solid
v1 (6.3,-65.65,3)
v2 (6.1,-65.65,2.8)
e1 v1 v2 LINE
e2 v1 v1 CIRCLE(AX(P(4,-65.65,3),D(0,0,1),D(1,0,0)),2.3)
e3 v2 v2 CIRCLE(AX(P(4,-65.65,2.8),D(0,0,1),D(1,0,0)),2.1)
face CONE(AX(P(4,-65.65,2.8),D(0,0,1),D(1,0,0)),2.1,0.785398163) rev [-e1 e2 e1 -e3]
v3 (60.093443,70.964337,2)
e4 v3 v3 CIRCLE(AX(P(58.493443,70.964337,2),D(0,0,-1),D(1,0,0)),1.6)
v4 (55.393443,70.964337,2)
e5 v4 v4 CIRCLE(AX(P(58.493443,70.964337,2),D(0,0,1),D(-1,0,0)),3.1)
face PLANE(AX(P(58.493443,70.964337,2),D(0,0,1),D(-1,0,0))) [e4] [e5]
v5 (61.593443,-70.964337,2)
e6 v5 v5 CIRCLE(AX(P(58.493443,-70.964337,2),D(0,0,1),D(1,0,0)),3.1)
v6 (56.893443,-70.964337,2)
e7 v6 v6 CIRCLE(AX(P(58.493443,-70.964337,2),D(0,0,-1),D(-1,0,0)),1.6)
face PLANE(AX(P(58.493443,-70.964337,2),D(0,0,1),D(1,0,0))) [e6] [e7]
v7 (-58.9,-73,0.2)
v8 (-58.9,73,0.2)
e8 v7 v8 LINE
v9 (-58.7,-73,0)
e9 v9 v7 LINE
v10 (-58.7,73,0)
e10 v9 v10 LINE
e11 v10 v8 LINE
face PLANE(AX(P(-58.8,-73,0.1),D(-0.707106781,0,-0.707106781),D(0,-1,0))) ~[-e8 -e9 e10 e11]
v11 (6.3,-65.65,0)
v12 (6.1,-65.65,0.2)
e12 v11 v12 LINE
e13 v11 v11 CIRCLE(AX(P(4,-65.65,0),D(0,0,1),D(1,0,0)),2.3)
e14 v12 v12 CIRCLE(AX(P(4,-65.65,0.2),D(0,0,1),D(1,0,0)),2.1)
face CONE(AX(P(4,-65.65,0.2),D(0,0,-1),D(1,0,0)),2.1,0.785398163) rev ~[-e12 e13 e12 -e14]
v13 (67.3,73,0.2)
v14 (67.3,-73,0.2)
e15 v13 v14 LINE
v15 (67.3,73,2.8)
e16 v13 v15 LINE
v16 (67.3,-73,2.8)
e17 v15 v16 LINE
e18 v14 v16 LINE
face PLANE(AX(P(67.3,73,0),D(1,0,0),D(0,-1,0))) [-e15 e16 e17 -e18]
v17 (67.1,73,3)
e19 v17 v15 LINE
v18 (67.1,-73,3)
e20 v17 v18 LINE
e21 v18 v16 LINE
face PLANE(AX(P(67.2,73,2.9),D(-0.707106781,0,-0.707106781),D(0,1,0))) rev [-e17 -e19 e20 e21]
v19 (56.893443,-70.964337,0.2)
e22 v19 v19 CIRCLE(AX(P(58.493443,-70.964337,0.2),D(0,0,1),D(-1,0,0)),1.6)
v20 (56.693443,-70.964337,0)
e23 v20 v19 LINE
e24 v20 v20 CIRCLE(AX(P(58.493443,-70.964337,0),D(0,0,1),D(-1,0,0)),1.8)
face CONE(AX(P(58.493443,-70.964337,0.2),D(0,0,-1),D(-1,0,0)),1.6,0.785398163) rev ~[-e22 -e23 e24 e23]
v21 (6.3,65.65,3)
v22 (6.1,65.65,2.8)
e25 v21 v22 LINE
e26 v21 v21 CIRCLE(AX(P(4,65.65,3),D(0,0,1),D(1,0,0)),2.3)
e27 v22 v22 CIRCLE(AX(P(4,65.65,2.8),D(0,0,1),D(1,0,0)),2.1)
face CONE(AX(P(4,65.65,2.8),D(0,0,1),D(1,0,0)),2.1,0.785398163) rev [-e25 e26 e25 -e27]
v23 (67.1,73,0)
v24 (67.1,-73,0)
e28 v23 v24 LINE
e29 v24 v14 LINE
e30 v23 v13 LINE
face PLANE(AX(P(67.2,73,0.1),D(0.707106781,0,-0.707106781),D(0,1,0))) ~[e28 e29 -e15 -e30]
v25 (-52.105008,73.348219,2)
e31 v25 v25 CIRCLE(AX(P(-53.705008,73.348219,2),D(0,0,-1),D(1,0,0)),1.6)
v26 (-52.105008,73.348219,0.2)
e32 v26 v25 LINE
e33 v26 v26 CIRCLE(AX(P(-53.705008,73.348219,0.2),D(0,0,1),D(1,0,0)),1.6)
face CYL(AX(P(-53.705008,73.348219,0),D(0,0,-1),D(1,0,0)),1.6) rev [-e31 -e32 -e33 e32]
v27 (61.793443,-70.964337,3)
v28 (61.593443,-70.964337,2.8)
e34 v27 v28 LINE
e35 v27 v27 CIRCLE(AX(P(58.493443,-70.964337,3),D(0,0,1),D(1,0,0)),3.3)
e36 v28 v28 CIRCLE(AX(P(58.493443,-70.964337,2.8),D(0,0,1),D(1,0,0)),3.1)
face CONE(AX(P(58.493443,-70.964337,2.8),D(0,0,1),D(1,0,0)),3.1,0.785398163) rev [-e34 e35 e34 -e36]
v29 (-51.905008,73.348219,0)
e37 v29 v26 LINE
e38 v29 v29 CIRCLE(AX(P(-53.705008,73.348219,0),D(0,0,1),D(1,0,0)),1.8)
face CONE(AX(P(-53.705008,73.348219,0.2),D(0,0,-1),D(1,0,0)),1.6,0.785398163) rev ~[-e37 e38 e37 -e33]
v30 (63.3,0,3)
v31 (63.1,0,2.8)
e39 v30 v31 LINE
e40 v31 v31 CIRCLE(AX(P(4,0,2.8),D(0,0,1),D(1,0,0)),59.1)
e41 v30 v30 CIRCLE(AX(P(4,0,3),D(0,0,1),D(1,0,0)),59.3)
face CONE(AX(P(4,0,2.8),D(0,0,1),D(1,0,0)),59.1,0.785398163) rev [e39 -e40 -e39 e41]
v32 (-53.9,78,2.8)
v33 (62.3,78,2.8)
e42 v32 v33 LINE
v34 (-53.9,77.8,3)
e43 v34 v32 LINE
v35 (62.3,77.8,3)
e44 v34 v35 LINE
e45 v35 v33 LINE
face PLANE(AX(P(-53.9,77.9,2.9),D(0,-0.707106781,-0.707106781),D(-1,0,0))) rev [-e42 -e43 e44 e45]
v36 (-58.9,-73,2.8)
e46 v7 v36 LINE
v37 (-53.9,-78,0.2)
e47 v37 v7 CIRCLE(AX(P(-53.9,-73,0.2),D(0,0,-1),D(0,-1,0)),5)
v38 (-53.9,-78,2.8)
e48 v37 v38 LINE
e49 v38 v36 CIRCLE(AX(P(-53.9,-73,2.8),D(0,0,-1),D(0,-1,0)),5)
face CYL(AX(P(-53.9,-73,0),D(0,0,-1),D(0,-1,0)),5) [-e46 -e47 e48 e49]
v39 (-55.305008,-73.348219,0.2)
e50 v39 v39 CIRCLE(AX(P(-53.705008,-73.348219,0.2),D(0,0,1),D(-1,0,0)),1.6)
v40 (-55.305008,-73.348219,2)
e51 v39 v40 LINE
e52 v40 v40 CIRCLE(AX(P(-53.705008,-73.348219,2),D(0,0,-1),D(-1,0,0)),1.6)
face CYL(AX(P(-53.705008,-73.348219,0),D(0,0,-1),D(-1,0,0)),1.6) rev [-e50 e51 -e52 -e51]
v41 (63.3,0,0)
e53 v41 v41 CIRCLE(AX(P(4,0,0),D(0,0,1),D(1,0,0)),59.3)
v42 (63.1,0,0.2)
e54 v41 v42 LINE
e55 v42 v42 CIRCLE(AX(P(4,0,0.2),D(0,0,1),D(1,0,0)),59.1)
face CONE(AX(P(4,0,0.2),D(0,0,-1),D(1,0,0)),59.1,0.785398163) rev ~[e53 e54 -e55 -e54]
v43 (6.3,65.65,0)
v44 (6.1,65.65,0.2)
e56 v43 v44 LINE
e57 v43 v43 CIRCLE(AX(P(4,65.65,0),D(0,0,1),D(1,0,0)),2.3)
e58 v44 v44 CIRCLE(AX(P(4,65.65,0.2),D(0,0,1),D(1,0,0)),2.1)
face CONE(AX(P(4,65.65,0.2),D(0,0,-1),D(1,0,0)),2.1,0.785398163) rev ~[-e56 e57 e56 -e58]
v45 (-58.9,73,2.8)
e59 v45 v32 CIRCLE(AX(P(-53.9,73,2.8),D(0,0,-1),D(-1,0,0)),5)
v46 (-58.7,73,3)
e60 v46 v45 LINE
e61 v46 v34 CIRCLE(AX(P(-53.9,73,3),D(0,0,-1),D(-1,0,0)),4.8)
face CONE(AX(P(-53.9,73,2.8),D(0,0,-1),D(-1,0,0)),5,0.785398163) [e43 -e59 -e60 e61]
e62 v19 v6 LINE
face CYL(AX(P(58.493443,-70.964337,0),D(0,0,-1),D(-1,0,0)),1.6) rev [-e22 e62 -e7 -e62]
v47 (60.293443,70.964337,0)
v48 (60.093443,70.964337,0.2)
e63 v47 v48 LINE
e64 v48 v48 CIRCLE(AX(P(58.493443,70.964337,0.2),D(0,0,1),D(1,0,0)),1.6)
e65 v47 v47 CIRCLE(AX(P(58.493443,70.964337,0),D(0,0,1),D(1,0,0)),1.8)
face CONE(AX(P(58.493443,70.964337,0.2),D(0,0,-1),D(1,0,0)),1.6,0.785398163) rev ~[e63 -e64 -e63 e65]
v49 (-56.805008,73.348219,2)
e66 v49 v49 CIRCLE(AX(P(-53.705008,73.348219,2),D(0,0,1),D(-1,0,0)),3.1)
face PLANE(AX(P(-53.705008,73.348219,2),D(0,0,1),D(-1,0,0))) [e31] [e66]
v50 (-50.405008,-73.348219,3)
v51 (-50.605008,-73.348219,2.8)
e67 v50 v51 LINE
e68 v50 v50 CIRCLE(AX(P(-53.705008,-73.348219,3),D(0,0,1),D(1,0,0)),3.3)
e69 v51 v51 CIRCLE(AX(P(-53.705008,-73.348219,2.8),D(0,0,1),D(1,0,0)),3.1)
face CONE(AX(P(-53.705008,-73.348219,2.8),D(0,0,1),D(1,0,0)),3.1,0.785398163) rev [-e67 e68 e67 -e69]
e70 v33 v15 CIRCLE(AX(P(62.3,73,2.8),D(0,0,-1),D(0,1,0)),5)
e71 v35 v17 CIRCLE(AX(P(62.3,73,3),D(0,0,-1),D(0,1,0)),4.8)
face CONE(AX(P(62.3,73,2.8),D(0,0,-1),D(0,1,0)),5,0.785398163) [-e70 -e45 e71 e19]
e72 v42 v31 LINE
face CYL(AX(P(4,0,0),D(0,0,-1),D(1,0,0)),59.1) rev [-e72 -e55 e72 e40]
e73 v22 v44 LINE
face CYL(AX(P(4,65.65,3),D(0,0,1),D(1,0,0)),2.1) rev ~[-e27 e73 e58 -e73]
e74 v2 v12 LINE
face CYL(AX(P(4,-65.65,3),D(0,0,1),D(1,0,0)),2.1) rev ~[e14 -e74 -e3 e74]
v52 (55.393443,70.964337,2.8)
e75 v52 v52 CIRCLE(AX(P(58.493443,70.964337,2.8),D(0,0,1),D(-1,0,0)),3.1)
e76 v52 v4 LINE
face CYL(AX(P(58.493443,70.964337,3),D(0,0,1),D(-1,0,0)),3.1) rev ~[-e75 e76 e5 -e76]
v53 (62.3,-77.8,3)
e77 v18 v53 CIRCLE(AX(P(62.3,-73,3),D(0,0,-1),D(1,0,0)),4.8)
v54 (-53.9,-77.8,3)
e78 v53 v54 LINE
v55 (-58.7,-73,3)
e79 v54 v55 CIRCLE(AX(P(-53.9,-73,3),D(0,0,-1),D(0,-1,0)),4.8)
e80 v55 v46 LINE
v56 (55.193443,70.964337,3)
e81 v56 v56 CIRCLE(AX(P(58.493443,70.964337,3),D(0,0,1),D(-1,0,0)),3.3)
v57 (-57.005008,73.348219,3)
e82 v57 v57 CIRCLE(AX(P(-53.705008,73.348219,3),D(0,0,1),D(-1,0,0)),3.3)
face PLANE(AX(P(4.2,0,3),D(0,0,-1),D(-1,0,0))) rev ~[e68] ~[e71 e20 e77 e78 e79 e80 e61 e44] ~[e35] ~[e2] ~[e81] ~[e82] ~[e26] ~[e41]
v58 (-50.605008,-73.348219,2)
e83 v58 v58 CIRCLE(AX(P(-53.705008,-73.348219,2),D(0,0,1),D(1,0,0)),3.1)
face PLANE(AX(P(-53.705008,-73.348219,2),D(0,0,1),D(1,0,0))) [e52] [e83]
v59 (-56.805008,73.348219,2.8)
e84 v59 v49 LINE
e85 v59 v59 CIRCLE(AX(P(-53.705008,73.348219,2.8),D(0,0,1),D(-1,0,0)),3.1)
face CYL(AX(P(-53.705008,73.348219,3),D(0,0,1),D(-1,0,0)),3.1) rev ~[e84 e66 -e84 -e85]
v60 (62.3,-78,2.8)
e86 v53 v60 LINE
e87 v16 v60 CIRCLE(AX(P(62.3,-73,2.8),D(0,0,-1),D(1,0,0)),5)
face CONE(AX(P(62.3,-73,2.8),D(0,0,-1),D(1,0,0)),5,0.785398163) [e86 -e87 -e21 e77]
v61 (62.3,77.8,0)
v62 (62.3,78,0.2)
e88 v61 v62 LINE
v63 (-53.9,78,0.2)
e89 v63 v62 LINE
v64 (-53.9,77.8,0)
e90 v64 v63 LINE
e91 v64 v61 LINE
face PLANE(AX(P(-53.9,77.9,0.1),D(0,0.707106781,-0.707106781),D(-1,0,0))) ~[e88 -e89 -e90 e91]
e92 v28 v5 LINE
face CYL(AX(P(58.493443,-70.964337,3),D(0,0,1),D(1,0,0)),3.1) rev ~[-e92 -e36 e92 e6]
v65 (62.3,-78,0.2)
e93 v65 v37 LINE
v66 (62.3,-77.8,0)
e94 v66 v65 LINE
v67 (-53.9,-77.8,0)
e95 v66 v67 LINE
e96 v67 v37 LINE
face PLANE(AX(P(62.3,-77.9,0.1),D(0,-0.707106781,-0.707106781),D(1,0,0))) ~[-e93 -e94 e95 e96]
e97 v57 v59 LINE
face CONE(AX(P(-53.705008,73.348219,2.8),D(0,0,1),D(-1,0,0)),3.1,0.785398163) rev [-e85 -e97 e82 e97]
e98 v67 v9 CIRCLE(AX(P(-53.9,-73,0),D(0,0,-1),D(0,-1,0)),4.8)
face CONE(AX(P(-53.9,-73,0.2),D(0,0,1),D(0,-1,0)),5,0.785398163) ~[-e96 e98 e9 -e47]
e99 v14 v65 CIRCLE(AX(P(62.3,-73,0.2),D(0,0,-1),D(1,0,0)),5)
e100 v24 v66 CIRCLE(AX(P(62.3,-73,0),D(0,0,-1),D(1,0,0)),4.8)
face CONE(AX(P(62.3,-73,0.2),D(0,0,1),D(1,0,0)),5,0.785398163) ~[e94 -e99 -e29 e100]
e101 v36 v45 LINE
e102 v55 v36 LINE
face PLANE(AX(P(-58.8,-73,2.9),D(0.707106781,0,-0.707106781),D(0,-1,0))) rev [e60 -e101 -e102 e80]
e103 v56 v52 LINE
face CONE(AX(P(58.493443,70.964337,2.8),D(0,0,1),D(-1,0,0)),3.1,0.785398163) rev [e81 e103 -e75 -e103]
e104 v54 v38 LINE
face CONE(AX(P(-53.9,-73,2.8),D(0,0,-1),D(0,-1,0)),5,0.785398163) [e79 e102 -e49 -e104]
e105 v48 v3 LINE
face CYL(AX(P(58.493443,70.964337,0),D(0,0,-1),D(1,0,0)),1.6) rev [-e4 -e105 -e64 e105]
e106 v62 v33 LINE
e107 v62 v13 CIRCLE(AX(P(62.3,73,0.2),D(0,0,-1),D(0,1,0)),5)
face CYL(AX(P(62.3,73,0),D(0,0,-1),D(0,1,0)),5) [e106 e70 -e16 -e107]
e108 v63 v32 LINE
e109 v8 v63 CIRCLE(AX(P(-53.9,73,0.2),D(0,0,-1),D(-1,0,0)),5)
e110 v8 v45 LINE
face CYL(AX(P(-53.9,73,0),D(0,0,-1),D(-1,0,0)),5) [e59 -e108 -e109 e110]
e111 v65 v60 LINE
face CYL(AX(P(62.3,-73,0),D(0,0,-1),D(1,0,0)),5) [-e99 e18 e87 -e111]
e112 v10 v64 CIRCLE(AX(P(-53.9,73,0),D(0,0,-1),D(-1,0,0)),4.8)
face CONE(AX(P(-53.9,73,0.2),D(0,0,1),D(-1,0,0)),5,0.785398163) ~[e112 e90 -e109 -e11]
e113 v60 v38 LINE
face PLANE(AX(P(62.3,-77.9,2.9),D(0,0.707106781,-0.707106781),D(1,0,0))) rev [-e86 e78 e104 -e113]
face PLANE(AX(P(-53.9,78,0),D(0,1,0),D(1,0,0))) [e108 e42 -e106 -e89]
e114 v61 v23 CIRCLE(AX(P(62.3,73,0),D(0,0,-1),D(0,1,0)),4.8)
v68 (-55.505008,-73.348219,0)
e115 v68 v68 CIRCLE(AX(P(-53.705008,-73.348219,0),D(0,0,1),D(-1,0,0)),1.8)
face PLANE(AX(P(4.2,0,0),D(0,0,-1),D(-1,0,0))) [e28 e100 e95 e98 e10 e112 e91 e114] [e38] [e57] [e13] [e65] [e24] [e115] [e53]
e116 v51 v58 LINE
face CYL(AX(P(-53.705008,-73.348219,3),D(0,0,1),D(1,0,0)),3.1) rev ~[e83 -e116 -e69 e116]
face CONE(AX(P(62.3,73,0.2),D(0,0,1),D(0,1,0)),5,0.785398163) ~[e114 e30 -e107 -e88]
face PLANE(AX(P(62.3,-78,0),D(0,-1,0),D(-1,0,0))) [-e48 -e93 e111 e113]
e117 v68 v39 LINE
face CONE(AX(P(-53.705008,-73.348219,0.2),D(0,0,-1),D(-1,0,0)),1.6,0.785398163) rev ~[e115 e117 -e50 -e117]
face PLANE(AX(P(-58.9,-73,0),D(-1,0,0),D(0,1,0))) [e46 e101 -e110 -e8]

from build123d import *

# Parameters (mm, degrees)
SKETCH_1_R          = 59.1
SKETCH_1_R_2        = 1.6
EXTRUDE_1_DEPTH     = 3
SKETCH_2_R          = 2.1
CUT_EXTRUDE_1_DEPTH = 104.064494371
SKETCH_3_R          = 3.1
CUT_EXTRUDE_2_DEPTH = 1
CHAMFER_1_SIZE      = 0.2


with BuildPart() as part:
    # 草图1 → 凸台-拉伸1 (new body)
    with BuildSketch(Plane.XY):
        with BuildLine():
            Line((62.3, -78), (-53.9, -78))
            ThreePointArc((-53.9, -78), (-57.435533906, -76.535533906), (-58.9, -73))
            Line((-58.9, -73), (-58.9, 73))
            ThreePointArc((-58.9, 73), (-57.435533906, 76.535533906), (-53.9, 78))
            Line((-53.9, 78), (62.3, 78))
            ThreePointArc((62.3, 78), (65.835533906, 76.535533906), (67.3, 73))
            Line((67.3, 73), (67.3, -73))
            ThreePointArc((67.3, -73), (65.835533906, -76.535533906), (62.3, -78))
        make_face()
        with Locations((4, 0)):
            Circle(SKETCH_1_R, mode=Mode.SUBTRACT)
        with Locations((58.493442579, 70.964337058)):
            Circle(SKETCH_1_R_2, mode=Mode.SUBTRACT)
        with Locations((-53.705008218, 73.348219362)):
            Circle(SKETCH_1_R_2, mode=Mode.SUBTRACT)
        with Locations(Location((58.493442579, -70.964337058, 0), (0, 0, 180))):
            Circle(SKETCH_1_R_2, mode=Mode.SUBTRACT)
        with Locations(Location((-53.705008218, -73.348219362, 0), (0, 0, 180))):
            Circle(SKETCH_1_R_2, mode=Mode.SUBTRACT)
    extrude(amount=EXTRUDE_1_DEPTH)

    # 草图2 → 切除-拉伸1 (cut, through all)
    with BuildSketch(Plane.XY.offset(3)):
        with Locations((4, -65.65)):
            Circle(SKETCH_2_R)
        with Locations((4, 65.65)):
            Circle(SKETCH_2_R)
    extrude(amount=-CUT_EXTRUDE_1_DEPTH, mode=Mode.SUBTRACT)

    # 草图3 → 切除-拉伸2 (cut)
    with BuildSketch(Plane.XY.offset(3)):
        with Locations((58.493442579, -70.964337058)):
            Circle(SKETCH_3_R)
        with Locations((-53.705008218, -73.348219362)):
            Circle(SKETCH_3_R)
        with Locations(Location((-53.705008218, 73.348219362, 0), (0, 0, 180))):
            Circle(SKETCH_3_R)
        with Locations(Location((58.493442579, 70.964337058, 0), (0, 0, 180))):
            Circle(SKETCH_3_R)
    extrude(amount=-CUT_EXTRUDE_2_DEPTH, mode=Mode.SUBTRACT)

    # 倒角1
    chamfer_1_edges = [part.edges().sort_by_distance(p)[0] for p in [
        (4.2, 78, 0),
        (65.835533906, 76.535533906, 0),
        (67.3, 0, 0),
        (65.835533906, -76.535533906, 0),
        (65.835533906, 76.535533906, 3),
        (4.2, 78, 3),
        (-57.435533906, 76.535533906, 3),
        (-55.1, 0, 0),
        (-55.1, 0, 3),
        (-58.9, 0, 3),
        (56.893442579, 70.964337058, 0),
        (-57.435533906, -76.535533906, 3),
        (60.093442579, -70.964337058, 0),
        (4.2, -78, 3),
        (-55.305008218, 73.348219362, 0),
        (-52.105008218, -73.348219362, 0),
        (65.835533906, -76.535533906, 3),
        (1.9, -65.65, 0),
        (1.9, -65.65, 3),
        (1.9, 65.65, 0),
        (1.9, 65.65, 3),
        (61.593442579, 70.964337058, 3),
        (-50.605008218, 73.348219362, 3),
        (-56.805008218, -73.348219362, 3),
        (55.393442579, -70.964337058, 3),
        (4.2, -78, 0),
        (67.3, 0, 3),
        (-57.435533906, -76.535533906, 0),
        (-58.9, 0, 0),
        (-57.435533906, 76.535533906, 0),
    ]]
    chamfer(chamfer_1_edges, length=CHAMFER_1_SIZE)


solid = part.part
